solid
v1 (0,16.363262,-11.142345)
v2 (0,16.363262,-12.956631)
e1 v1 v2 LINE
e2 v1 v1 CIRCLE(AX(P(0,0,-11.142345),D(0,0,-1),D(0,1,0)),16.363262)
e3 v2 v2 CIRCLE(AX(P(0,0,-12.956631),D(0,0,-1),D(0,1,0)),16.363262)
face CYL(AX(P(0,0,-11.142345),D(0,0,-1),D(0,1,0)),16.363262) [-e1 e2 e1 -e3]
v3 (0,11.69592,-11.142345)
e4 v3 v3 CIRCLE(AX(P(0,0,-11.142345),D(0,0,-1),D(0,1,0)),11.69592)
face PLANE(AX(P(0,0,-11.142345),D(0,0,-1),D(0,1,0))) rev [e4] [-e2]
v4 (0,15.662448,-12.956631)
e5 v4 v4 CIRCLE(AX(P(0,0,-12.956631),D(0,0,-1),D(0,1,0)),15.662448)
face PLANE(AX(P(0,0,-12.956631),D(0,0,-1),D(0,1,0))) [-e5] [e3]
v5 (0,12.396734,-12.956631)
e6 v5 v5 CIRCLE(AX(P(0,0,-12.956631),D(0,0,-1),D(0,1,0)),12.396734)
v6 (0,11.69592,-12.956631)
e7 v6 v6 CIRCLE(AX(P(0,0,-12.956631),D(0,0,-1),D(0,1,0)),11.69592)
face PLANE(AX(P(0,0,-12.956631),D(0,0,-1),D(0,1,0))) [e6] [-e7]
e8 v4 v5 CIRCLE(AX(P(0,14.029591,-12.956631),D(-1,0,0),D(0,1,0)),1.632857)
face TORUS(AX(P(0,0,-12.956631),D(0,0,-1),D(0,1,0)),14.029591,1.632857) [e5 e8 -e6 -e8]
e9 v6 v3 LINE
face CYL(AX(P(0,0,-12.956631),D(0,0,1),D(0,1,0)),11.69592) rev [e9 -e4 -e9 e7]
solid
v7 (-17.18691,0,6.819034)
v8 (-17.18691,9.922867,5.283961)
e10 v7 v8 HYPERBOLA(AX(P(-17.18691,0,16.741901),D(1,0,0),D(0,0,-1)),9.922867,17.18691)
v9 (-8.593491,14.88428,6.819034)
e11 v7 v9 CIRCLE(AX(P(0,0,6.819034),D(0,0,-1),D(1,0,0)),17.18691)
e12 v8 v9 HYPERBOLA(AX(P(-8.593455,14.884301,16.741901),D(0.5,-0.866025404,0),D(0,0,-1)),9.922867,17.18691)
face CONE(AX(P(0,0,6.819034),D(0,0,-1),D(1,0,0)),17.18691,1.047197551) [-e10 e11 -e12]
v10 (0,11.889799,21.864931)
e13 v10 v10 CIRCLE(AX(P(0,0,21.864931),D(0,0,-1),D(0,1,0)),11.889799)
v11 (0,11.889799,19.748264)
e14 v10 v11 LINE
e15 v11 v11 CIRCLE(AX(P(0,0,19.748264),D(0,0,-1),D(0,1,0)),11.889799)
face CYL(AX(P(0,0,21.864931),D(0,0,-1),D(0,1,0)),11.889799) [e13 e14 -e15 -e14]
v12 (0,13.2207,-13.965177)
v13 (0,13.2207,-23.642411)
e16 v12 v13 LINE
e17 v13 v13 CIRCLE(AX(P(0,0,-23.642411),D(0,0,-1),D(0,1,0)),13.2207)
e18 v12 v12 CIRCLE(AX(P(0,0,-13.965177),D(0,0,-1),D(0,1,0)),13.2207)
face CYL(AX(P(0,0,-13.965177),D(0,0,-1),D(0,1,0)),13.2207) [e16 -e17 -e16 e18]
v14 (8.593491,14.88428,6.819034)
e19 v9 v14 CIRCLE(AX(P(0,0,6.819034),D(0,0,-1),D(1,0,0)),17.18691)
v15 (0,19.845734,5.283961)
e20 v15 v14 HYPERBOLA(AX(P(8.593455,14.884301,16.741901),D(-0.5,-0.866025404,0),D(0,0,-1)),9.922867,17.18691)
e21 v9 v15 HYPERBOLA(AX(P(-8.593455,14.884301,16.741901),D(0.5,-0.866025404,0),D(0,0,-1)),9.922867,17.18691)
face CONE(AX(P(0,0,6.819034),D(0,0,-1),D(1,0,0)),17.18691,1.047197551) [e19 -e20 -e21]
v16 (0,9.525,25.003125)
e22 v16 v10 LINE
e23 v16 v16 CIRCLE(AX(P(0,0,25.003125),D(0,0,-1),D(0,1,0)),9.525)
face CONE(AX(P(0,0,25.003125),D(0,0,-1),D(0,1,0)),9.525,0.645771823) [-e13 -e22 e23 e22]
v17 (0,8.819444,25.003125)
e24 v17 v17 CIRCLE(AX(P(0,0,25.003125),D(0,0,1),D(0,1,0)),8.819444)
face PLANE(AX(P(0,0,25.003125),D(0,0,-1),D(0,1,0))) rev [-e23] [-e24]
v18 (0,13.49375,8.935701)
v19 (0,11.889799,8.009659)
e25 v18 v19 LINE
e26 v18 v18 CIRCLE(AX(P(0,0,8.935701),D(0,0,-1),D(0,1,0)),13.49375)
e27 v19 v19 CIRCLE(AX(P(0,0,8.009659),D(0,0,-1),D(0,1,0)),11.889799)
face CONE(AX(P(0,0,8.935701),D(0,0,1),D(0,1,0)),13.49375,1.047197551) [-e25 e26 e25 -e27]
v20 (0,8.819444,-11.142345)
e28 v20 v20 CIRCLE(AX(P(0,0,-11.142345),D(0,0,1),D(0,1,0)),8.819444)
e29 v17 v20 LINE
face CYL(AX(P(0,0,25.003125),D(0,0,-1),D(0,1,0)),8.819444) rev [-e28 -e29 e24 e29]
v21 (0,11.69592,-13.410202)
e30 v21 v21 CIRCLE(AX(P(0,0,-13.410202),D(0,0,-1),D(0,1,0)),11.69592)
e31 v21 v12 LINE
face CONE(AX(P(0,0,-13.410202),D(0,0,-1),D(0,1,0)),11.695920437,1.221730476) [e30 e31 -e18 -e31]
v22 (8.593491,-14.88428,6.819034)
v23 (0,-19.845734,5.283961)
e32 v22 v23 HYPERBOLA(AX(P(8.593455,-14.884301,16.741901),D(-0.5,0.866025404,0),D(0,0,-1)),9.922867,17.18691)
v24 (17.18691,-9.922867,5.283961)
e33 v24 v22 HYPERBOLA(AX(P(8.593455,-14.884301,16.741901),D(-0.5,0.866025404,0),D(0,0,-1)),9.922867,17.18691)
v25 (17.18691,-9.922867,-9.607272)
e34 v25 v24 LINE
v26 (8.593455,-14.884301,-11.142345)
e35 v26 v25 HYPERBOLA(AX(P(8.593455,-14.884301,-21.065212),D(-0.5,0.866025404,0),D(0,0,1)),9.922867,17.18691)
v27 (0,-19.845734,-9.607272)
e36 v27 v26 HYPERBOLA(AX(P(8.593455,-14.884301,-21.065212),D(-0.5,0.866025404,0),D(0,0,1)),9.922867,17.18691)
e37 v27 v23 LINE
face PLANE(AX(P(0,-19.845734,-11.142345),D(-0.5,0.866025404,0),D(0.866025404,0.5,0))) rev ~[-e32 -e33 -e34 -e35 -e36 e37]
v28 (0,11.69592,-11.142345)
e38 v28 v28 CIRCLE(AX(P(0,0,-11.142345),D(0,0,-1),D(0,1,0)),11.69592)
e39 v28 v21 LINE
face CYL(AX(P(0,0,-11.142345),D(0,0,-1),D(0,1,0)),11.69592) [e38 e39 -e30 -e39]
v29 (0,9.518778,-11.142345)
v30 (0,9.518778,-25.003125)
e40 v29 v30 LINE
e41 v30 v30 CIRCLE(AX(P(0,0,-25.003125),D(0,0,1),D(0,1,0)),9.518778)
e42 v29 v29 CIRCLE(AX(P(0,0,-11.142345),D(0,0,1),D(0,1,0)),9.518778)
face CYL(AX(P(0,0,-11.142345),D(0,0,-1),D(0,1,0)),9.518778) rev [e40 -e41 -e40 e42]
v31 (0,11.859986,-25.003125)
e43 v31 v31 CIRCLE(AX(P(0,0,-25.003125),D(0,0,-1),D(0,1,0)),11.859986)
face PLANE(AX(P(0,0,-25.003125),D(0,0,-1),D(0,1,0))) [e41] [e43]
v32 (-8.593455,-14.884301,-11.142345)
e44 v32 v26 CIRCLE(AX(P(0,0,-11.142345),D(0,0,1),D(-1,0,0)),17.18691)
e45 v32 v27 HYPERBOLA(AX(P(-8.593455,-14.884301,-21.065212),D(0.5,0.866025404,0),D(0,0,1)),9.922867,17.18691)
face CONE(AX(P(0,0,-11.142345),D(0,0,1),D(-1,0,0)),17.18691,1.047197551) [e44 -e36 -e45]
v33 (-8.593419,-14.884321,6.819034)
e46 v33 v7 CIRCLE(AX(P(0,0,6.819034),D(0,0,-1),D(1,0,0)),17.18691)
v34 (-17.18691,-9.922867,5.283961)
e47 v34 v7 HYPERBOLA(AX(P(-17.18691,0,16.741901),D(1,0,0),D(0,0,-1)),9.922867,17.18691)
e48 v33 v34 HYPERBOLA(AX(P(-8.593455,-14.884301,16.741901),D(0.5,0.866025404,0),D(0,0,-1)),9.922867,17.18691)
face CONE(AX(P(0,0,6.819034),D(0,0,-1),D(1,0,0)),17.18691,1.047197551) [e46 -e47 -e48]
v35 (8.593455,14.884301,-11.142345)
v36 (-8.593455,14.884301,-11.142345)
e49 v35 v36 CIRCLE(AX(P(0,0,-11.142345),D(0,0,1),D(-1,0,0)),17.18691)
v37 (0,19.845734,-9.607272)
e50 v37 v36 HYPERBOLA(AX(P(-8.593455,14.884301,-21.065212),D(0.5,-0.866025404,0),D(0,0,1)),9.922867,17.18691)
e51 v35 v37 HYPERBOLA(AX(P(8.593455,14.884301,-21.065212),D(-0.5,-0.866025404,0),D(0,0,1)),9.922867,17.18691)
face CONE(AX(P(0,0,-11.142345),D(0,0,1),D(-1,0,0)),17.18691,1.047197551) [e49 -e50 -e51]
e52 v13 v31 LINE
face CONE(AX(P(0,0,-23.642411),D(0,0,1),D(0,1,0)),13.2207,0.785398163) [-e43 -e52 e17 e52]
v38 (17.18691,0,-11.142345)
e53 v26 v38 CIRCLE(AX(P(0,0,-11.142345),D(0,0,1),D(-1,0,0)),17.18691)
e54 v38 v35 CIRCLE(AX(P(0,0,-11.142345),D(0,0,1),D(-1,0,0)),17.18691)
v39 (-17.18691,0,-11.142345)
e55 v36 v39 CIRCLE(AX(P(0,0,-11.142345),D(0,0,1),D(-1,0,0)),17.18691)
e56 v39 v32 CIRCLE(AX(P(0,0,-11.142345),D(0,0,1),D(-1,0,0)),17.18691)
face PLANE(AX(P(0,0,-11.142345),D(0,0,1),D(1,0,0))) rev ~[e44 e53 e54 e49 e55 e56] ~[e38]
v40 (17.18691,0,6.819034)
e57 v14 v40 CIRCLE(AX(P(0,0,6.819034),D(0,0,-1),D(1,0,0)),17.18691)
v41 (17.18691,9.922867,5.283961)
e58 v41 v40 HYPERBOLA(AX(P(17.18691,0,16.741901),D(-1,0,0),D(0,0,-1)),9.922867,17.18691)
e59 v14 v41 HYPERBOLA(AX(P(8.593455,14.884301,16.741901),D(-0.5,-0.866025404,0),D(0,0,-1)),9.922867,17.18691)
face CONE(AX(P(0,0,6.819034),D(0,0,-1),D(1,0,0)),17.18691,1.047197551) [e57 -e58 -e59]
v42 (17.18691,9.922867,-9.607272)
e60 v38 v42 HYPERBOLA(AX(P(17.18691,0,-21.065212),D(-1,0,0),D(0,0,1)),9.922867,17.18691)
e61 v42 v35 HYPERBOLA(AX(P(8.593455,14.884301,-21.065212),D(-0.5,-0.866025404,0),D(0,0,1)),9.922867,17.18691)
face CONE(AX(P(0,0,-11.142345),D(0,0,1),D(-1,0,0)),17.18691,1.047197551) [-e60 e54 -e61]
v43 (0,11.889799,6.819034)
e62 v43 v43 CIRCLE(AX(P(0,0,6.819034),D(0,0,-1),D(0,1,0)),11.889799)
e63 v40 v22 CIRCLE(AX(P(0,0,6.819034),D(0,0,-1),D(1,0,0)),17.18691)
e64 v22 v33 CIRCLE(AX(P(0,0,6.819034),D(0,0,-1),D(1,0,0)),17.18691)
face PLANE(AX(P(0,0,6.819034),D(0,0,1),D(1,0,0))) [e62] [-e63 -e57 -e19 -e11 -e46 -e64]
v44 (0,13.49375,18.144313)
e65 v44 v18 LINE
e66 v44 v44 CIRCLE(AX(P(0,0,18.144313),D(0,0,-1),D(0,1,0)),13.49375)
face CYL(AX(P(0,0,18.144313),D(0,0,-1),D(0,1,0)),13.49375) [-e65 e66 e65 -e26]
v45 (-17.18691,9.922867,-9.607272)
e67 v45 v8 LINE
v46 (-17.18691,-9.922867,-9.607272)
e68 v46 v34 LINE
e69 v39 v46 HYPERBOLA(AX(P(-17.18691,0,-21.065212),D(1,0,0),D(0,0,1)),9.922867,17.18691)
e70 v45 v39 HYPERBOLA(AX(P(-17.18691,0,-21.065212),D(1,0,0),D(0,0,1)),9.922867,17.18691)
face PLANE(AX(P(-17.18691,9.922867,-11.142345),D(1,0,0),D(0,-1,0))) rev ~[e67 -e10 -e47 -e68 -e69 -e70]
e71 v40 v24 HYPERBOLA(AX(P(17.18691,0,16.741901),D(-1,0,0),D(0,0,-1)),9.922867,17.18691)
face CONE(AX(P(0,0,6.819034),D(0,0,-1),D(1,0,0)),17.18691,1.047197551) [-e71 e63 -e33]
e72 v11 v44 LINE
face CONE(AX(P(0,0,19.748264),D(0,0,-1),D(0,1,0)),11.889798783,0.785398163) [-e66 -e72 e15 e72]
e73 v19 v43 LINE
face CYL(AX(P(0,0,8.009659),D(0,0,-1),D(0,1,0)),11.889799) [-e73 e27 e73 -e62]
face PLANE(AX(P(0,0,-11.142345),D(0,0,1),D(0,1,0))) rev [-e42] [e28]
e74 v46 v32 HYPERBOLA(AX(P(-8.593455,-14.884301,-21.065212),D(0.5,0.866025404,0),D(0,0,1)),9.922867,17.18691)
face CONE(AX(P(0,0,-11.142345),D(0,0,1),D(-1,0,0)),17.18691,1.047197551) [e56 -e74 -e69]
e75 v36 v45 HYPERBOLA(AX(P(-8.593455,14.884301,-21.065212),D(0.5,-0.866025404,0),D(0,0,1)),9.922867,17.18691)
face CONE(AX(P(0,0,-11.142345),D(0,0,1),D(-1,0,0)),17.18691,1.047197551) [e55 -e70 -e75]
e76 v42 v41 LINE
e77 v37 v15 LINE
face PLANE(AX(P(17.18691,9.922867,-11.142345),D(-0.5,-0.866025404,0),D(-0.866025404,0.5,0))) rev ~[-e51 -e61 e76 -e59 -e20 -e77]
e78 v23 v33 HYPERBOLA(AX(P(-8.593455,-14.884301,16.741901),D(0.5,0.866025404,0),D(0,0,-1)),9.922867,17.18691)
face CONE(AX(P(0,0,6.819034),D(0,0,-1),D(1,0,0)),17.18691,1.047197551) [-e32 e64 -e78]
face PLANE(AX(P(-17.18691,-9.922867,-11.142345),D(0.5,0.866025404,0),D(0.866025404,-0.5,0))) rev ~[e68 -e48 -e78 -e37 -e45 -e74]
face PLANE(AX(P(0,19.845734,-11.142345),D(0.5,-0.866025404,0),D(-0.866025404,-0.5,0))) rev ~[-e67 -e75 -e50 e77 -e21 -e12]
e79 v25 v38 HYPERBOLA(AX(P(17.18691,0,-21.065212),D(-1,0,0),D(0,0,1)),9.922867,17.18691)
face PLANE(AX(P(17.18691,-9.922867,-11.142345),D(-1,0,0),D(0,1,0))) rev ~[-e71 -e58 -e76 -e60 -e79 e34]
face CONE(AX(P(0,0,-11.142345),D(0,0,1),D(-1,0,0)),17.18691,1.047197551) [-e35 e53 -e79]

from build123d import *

# Parameters (mm, degrees)
BOSS_EXTRUDE1_START = -11.142345
BOSS_EXTRUDE1_DEPTH = 17.961379
SKETCH3_OUTSIDE_W   = 113.156
SKETCH3_OUTSIDE_H   = 118.474
SKETCH3_OUTSIDE_R   = 17.18691
CUT_EXTRUDE1_DEPTH  = 18.961379091
CUT_EXTRUDE1_TAPER  = 60
SKETCH4_OUTSIDE_W   = 113.156
SKETCH4_OUTSIDE_H   = 118.474
SKETCH4_OUTSIDE_R   = 17.18691
CUT_EXTRUDE2_DEPTH  = 18.961379091
CUT_EXTRUDE2_TAPER  = 60


with BuildPart() as part:
    # Sketch2 → Boss-Extrude1 (new body)
    with BuildSketch(Plane.XY.offset(BOSS_EXTRUDE1_START)):
        Polygon((0, 19.84573423), (-17.18691, 9.922867115), (-17.18691, -9.922867115), (0, -19.84573423), (17.18691, -9.922867115), (17.18691, 9.922867115), align=None)
    extrude(amount=BOSS_EXTRUDE1_DEPTH)

    # Sketch3 outside → Cut-Extrude1 (cut, through all)
    with BuildSketch(Plane.XY.offset(6.819034091)):
        Rectangle(SKETCH3_OUTSIDE_W, SKETCH3_OUTSIDE_H)
        Circle(SKETCH3_OUTSIDE_R, mode=Mode.SUBTRACT)
    extrude(amount=-CUT_EXTRUDE1_DEPTH, taper=CUT_EXTRUDE1_TAPER, mode=Mode.SUBTRACT)

    # Sketch4 outside → Cut-Extrude2 (cut, through all)
    with BuildSketch(Plane(origin=(0, 0, -11.142345), x_dir=(-1, 0, 0), z_dir=(0, 0, -1))):
        Rectangle(SKETCH4_OUTSIDE_W, SKETCH4_OUTSIDE_H)
        Circle(SKETCH4_OUTSIDE_R, mode=Mode.SUBTRACT)
    extrude(amount=-CUT_EXTRUDE2_DEPTH, taper=CUT_EXTRUDE2_TAPER, mode=Mode.SUBTRACT)

    # Sketch5 → Revolve1 (revolve)
    with BuildSketch(Plane(origin=(0, 0, 0), x_dir=(0, 0, -1), z_dir=(1, 0, 0))):
        Polygon((-25.003125, 0), (-25.003125, 9.525), (-21.86493102, 11.889798783), (-19.748264354, 11.889798783), (-18.144313137, 13.49375), (-8.935700758, 13.49375), (-8.009659091, 11.889798783), (2.161655455, 11.889798783), (2.161655455, 13.2207), (11.142345, 13.2207), (11.142345, 11.695920437), (13.410202143, 11.695920437), (13.965176518, 13.2207), (23.642410714, 13.2207), (25.003125, 11.859985714), (25.003125, 0), align=None)
    revolve(axis=Axis((0, 0, 25.003125), (0, 0, -1)))

    # Sketch6 → Cut-Revolve1 (revolve, cut)
    with BuildSketch(Plane(origin=(0, 0, 0), x_dir=(0, 0, -1), z_dir=(1, 0, 0))):
        Polygon((-25.003125, 8.819444444), (11.142345, 8.819444444), (11.142345, 9.51877758), (25.003125, 9.51877758), (25.003125, 0), (-25.003125, 0), align=None)
    revolve(axis=Axis((0, 0, -25.003125), (0, 0, 1)), mode=Mode.SUBTRACT)


with BuildPart() as body_2:
    # Sketch11 → Revolve2 (revolve)
    with BuildSketch(Plane(origin=(0, 0, 0), x_dir=(0, 0, -1), z_dir=(1, 0, 0))):
        with BuildLine():
            Line((11.142345, 11.695920437), (11.142345, 16.363261566))
            Line((11.142345, 16.363261566), (12.956630714, 16.363261566))
            Line((12.956630714, 16.363261566), (12.956630714, 15.662448144))
            ThreePointArc((12.956630714, 15.662448144), (14.589487857, 14.029591001), (12.956630714, 12.396733858))
            Line((12.956630714, 12.396733858), (12.956630714, 11.695920437))
            Line((12.956630714, 11.695920437), (11.142345, 11.695920437))
        make_face()
    revolve(axis=Axis((0, 0, 25.003125), (0, 0, -1)))


solid = Compound([part.part, body_2.part])
